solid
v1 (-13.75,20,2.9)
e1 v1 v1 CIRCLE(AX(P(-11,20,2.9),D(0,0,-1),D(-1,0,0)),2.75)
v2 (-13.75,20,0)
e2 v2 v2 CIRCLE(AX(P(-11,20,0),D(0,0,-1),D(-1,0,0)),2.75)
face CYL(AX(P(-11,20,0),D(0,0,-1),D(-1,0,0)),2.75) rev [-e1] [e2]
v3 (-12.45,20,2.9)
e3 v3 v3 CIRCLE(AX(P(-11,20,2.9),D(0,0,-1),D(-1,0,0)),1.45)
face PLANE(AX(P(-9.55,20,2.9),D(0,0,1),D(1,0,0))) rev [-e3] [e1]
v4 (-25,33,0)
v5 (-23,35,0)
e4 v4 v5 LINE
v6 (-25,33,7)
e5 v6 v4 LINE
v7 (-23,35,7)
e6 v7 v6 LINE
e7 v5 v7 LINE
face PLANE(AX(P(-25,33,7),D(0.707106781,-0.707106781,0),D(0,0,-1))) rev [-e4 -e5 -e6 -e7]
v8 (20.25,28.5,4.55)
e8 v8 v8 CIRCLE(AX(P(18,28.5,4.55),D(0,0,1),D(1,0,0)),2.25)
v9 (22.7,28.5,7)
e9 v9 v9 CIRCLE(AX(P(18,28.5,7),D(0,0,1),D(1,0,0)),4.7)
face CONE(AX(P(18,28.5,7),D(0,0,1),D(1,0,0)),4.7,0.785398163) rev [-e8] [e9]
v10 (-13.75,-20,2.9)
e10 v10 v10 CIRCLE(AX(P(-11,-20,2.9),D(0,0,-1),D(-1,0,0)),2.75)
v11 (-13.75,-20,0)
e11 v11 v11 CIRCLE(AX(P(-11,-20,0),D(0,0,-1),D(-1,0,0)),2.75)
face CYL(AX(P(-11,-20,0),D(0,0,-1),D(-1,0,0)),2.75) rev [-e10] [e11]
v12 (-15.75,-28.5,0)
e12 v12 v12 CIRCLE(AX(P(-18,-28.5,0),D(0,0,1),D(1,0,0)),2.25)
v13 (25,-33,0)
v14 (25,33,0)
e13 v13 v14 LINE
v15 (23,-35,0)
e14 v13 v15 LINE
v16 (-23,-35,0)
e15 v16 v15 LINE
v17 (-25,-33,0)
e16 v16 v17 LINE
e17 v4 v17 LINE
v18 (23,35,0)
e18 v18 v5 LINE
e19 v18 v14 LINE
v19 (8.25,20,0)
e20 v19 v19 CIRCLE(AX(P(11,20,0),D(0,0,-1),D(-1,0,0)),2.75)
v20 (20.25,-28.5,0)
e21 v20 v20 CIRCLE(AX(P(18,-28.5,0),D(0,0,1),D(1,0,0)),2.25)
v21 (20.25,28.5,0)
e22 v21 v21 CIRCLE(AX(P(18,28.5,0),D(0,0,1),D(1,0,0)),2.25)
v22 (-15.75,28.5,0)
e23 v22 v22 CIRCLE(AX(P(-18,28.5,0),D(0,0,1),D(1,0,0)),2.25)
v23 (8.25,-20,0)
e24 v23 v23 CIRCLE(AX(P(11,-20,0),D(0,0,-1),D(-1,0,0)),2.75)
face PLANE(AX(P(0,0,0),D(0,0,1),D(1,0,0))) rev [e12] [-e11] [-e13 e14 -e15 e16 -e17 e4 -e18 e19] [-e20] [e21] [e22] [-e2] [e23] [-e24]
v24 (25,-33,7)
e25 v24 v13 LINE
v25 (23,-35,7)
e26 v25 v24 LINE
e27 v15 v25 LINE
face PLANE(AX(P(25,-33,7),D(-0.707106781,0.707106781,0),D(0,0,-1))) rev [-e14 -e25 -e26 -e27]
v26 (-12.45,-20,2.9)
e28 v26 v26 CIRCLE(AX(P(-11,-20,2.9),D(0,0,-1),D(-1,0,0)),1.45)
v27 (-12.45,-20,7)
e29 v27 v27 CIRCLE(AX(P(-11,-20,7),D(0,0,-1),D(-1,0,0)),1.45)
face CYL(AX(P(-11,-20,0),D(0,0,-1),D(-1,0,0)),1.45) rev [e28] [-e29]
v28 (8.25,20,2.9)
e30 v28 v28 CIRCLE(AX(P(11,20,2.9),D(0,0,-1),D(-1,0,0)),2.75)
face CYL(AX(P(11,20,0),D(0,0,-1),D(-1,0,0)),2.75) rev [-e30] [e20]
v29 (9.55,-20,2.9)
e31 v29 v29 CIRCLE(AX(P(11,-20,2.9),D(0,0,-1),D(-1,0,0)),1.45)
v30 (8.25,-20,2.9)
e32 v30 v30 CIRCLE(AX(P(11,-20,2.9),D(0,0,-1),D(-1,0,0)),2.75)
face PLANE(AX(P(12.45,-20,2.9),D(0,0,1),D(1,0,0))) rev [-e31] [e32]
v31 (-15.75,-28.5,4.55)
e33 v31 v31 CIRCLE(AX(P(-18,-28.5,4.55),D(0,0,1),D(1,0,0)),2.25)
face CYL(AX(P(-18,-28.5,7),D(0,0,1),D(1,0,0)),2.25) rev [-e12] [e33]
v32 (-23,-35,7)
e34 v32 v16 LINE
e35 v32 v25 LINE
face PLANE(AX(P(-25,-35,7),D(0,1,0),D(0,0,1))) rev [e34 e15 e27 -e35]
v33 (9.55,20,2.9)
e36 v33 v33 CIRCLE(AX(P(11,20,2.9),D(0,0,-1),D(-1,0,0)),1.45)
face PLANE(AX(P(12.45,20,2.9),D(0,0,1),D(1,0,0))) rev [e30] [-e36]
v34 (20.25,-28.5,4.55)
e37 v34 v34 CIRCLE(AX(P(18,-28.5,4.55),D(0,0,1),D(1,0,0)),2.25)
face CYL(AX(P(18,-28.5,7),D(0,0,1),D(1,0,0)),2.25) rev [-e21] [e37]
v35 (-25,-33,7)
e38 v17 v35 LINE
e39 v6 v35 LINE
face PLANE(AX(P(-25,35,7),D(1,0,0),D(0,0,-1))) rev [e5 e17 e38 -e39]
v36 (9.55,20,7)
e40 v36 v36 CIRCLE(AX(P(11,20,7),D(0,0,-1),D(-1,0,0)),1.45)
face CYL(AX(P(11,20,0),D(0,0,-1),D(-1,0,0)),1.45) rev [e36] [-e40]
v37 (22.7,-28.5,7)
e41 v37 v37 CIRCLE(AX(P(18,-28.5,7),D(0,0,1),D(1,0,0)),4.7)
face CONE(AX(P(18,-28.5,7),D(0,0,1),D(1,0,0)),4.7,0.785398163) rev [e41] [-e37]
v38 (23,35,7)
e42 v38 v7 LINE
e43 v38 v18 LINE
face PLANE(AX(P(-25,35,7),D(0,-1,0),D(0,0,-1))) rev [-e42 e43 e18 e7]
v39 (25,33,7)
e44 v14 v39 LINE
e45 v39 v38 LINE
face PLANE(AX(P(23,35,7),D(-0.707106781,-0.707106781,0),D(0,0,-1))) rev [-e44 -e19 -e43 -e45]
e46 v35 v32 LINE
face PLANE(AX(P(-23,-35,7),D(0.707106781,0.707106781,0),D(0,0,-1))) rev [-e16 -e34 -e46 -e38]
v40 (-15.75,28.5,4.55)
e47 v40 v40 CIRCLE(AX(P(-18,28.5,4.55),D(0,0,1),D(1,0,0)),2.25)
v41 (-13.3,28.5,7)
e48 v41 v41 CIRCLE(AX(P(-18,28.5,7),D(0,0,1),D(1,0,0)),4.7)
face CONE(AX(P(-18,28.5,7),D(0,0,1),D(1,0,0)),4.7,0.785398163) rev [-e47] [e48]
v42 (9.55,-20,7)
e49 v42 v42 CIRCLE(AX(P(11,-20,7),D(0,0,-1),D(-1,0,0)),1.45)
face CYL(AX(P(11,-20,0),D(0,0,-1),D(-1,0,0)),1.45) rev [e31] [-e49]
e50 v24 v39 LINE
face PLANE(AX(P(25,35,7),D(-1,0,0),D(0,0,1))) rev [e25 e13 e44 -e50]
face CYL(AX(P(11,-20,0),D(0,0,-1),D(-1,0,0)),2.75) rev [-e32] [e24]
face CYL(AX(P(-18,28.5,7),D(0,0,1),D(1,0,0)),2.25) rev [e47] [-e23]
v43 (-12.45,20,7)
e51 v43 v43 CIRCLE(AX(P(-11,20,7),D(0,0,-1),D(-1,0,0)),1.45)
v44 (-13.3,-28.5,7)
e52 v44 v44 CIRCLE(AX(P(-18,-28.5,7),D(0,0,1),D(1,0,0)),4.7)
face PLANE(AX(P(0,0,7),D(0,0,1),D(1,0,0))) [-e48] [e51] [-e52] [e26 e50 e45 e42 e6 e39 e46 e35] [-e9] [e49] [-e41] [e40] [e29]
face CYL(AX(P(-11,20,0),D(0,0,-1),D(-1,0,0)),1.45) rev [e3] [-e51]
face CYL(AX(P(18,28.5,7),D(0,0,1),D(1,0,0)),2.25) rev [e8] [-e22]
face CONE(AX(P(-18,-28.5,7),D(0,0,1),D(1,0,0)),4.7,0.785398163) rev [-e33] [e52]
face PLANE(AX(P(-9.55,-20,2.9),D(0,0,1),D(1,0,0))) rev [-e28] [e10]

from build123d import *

# Parameters (mm, degrees)
SKETCH1_W                                            = 50
SKETCH1_H                                            = 70
SKETCH1_R                                            = 1.35
SKETCH1_R_2                                          = 1.5
BOSS_EXTRUDE1_DEPTH                                  = 7
CHAMFER1_SIZE                                        = 2
CHAMFER2_SIZE                                        = 2
CHAMFER3_SIZE                                        = 2
CHAMFER4_SIZE                                        = 2
CSK_FOR_M4_COUNTERSUNK_FLAT_HEAD_SCREW1_D            = 4.5
CSK_FOR_M4_COUNTERSUNK_FLAT_HEAD_SCREW1_DEPTH        = 7
CSK_FOR_M4_COUNTERSUNK_FLAT_HEAD_SCREW1_CSINK_D      = 9.4
CSK_FOR_M4_COUNTERSUNK_FLAT_HEAD_SCREW1_CSINK_ANGLE  = 90
CBORE_FOR_M2_5_HEX_SOCKET_HEAD_CAP_SCREW_D           = 2.9
CBORE_FOR_M2_5_HEX_SOCKET_HEAD_CAP_SCREW_CBORE_D     = 5.5
CBORE_FOR_M2_5_HEX_SOCKET_HEAD_CAP_SCREW_CBORE_DEPTH = 2.9


with BuildPart() as part:
    # Sketch1 → Boss-Extrude1 (new body)
    with BuildSketch(Plane.XY):
        Rectangle(SKETCH1_W, SKETCH1_H)
        with Locations(Location((11, 20, 0), (0, 0, 180))):
            Circle(SKETCH1_R, mode=Mode.SUBTRACT)
        with Locations(Location((-11, 20, 0), (0, 0, 180))):
            Circle(SKETCH1_R, mode=Mode.SUBTRACT)
        with Locations(Location((-11, -20, 0), (0, 0, 180))):
            Circle(SKETCH1_R, mode=Mode.SUBTRACT)
        with Locations(Location((11, -20, 0), (0, 0, 180))):
            Circle(SKETCH1_R, mode=Mode.SUBTRACT)
        with Locations(Location((18, 28.5, 0), (0, 0, 180))):
            Circle(SKETCH1_R_2, mode=Mode.SUBTRACT)
        with Locations(Location((-18, 28.5, 0), (0, 0, 180))):
            Circle(SKETCH1_R_2, mode=Mode.SUBTRACT)
        with Locations(Location((-18, -28.5, 0), (0, 0, 180))):
            Circle(SKETCH1_R_2, mode=Mode.SUBTRACT)
        with Locations(Location((18, -28.5, 0), (0, 0, 180))):
            Circle(SKETCH1_R_2, mode=Mode.SUBTRACT)
    extrude(amount=BOSS_EXTRUDE1_DEPTH)

    # Chamfer1
    chamfer1_edges = [part.edges().sort_by_distance(p)[0] for p in [
        (-25, 35, 3.5),
    ]]
    chamfer(chamfer1_edges, length=CHAMFER1_SIZE)

    # Chamfer2
    chamfer2_edges = [part.edges().sort_by_distance(p)[0] for p in [
        (-25, -35, 3.5),
    ]]
    chamfer(chamfer2_edges, length=CHAMFER2_SIZE)

    # Chamfer3
    chamfer3_edges = [part.edges().sort_by_distance(p)[0] for p in [
        (25, -35, 3.5),
    ]]
    chamfer(chamfer3_edges, length=CHAMFER3_SIZE)

    # Chamfer4
    chamfer4_edges = [part.edges().sort_by_distance(p)[0] for p in [
        (25, 35, 3.5),
    ]]
    chamfer(chamfer4_edges, length=CHAMFER4_SIZE)

    # CSK for M4 Countersunk Flat Head Screw1
    with Locations(Plane.XY.offset(7)):
        with Locations((18, 28.5), (18, -28.5), (-18, -28.5), (-18, 28.5)):
            CounterSinkHole(CSK_FOR_M4_COUNTERSUNK_FLAT_HEAD_SCREW1_D / 2, CSK_FOR_M4_COUNTERSUNK_FLAT_HEAD_SCREW1_CSINK_D / 2, depth=CSK_FOR_M4_COUNTERSUNK_FLAT_HEAD_SCREW1_DEPTH, counter_sink_angle=CSK_FOR_M4_COUNTERSUNK_FLAT_HEAD_SCREW1_CSINK_ANGLE)

    # CBORE for M2.5 Hex Socket Head Cap Screw1 (through all)
    with Locations(Plane(origin=(0, 0, 0), x_dir=(-1, 0, 0), z_dir=(0, 0, -1))):
        with Locations((11, 20), (-11, 20), (-11, -20), (11, -20)):
            CounterBoreHole(CBORE_FOR_M2_5_HEX_SOCKET_HEAD_CAP_SCREW_D / 2, CBORE_FOR_M2_5_HEX_SOCKET_HEAD_CAP_SCREW_CBORE_D / 2, CBORE_FOR_M2_5_HEX_SOCKET_HEAD_CAP_SCREW_CBORE_DEPTH)


solid = part.part
